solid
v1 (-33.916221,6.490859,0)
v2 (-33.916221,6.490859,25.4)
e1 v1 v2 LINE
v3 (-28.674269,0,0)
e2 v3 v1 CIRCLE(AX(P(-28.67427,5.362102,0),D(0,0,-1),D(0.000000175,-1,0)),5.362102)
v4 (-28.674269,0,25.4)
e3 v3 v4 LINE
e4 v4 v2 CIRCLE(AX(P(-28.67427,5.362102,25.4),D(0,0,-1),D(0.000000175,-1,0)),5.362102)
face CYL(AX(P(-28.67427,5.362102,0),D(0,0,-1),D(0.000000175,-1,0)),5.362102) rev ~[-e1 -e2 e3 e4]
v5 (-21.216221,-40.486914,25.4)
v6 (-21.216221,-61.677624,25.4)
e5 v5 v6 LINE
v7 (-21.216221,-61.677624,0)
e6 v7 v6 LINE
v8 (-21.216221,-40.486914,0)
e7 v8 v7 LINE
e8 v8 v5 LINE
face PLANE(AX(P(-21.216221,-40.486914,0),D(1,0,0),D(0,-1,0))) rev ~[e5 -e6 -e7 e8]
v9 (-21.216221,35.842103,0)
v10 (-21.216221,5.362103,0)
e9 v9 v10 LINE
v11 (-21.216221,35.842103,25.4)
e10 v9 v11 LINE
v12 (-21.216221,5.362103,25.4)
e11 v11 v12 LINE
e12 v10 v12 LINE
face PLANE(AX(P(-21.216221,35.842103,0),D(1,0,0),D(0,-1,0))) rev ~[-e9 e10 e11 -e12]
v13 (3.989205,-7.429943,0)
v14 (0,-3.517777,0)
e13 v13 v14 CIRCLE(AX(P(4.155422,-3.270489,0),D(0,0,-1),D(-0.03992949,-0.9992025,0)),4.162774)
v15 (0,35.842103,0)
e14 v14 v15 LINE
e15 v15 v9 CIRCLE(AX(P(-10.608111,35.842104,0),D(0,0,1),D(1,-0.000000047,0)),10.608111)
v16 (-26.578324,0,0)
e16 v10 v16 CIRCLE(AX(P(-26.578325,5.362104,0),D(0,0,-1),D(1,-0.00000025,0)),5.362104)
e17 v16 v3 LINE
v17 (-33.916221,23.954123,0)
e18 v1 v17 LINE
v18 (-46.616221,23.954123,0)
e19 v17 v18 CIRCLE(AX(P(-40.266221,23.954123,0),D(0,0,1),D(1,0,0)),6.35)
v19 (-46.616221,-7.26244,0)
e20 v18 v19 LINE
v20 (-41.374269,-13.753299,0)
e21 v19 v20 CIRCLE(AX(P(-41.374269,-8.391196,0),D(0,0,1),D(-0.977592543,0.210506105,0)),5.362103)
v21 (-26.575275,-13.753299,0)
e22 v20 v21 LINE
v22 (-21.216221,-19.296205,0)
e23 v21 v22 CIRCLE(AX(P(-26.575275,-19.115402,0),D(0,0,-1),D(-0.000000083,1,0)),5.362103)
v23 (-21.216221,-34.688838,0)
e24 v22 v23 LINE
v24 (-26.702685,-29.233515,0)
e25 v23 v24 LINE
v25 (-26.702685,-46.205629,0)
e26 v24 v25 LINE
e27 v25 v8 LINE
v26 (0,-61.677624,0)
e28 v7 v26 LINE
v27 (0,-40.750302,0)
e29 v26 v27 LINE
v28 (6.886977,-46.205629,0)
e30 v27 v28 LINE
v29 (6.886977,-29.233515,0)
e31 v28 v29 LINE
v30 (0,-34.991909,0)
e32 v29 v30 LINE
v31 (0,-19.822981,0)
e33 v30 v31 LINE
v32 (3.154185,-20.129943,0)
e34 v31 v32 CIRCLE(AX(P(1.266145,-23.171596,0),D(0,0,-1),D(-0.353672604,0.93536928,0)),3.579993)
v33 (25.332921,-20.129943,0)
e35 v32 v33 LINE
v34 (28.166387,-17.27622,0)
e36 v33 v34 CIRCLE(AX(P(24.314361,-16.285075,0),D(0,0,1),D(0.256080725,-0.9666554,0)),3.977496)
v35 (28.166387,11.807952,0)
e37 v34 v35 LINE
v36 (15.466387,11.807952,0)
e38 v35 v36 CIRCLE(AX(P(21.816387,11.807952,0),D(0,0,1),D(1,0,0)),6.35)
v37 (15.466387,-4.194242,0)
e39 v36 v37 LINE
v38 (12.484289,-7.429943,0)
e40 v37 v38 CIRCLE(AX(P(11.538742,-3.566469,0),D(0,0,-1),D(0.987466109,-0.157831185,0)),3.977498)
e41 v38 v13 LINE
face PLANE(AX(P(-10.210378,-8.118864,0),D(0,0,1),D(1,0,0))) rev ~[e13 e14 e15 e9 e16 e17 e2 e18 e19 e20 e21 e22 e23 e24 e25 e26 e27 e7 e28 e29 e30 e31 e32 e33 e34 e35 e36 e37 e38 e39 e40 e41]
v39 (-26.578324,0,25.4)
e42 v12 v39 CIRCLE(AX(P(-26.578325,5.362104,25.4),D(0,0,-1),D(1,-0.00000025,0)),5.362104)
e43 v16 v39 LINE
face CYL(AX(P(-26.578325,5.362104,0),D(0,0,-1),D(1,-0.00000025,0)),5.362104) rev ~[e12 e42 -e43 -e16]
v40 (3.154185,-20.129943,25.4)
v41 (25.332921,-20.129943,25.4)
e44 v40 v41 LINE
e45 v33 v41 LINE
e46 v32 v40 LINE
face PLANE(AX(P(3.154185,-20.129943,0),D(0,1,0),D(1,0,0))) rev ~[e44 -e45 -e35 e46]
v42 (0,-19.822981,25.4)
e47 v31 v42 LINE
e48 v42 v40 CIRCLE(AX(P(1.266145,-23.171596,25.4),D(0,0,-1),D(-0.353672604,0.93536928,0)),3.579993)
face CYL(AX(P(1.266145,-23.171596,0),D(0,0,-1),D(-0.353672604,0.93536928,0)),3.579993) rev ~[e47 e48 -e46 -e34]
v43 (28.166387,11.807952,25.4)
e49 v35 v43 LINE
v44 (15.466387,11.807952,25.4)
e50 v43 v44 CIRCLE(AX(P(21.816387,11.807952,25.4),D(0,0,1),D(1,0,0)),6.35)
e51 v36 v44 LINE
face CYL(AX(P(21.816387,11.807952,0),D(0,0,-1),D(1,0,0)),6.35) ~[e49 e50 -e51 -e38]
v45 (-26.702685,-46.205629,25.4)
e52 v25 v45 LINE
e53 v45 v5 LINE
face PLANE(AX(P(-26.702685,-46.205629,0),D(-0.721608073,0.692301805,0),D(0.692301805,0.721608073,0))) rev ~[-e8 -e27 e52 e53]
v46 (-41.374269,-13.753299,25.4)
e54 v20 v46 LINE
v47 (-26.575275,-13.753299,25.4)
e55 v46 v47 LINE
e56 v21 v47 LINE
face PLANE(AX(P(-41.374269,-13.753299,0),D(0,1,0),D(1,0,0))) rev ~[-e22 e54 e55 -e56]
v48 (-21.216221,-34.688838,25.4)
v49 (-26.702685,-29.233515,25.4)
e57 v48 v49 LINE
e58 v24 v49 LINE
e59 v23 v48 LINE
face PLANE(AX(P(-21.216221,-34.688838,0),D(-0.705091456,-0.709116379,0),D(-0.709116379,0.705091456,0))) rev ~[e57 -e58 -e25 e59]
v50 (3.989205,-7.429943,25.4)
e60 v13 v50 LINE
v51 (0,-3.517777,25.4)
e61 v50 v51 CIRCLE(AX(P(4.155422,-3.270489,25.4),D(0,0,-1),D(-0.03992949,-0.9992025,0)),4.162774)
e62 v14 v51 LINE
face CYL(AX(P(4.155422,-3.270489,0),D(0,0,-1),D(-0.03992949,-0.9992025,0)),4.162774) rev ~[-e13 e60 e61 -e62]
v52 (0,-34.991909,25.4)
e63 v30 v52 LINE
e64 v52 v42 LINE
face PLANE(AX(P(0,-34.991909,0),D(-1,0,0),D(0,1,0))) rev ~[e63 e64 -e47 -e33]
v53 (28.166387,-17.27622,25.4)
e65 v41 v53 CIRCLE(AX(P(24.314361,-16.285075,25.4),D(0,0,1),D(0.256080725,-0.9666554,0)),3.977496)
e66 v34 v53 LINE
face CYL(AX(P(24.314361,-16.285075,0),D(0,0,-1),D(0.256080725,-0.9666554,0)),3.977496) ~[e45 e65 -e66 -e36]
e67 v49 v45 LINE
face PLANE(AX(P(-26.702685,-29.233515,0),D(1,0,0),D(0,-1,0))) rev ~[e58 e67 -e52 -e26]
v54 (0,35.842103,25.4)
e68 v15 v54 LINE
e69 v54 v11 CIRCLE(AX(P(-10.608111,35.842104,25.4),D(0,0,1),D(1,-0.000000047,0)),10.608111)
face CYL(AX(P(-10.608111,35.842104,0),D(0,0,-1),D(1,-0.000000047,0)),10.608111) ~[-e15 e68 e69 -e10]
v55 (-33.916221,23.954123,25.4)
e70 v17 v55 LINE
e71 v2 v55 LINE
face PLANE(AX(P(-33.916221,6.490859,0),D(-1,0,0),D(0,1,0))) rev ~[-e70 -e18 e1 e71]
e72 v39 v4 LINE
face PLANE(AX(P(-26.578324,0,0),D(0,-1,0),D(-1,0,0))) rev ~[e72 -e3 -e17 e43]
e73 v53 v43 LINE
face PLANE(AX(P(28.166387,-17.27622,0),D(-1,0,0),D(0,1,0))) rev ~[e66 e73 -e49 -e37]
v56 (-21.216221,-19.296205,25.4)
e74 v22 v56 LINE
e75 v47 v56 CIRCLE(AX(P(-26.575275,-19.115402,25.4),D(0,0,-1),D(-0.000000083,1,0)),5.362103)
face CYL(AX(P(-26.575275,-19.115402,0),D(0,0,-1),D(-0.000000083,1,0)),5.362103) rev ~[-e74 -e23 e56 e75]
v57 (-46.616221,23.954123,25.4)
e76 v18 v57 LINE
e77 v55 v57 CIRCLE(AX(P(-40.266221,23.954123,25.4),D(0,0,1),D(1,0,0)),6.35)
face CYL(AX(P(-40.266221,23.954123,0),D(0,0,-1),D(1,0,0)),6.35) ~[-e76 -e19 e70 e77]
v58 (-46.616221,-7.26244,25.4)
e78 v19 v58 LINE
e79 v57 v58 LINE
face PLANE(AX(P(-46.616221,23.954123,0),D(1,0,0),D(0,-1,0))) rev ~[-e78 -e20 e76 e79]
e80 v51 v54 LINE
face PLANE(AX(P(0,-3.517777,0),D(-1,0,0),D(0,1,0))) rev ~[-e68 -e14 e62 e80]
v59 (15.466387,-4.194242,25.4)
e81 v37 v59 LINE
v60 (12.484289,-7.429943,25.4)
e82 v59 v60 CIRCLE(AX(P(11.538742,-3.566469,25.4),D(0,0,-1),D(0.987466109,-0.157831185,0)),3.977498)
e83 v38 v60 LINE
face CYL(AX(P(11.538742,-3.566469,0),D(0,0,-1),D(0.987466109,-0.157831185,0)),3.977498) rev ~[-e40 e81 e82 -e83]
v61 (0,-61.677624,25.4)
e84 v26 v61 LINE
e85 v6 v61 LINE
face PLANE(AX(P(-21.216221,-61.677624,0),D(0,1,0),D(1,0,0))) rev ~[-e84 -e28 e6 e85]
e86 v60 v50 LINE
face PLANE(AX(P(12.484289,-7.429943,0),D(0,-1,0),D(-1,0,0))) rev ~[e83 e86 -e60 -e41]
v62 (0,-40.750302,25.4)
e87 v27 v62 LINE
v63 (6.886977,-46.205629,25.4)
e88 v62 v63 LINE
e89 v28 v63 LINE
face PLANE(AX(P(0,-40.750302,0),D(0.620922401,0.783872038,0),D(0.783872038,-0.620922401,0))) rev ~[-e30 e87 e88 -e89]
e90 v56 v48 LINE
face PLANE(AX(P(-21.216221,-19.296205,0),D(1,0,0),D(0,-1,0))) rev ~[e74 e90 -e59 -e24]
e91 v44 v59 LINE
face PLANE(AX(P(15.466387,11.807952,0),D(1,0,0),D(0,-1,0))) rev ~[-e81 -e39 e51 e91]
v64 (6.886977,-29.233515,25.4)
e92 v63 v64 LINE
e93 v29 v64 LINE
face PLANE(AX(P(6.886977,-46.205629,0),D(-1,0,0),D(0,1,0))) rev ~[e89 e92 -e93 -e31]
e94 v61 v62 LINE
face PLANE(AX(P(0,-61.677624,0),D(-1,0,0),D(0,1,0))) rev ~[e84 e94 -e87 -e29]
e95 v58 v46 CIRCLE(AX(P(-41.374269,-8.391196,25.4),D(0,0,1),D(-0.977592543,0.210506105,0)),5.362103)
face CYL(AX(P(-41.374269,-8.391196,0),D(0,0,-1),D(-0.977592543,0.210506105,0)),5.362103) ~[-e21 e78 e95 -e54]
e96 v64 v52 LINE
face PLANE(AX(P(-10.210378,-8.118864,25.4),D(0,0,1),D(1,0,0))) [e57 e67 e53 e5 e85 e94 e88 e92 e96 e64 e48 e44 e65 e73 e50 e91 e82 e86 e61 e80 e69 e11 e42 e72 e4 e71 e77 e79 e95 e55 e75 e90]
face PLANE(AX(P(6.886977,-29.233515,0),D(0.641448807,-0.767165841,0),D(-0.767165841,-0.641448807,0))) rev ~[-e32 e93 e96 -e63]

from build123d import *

# Parameters (mm, degrees)
F1_DEPTH = 25.4


with BuildPart() as f1:
    # F0 (on Top) → F1 (new body)
    with BuildSketch(Plane.XY):
        with BuildLine():
            ThreePointArc((0, 35.842103), (-10.608111, 46.450214), (-21.216221, 35.842103))
            Line((-21.216221, 35.842103), (-21.216221, 5.362103))
            ThreePointArc((-21.216221, 5.362103), (-22.786745, 1.570524), (-26.578324, 0))
            Line((-26.578324, 0), (-28.674269, 0))
            ThreePointArc((-28.674269, 0), (-32.845879, 1.993153), (-33.916221, 6.490859))
            Line((-33.916221, 6.490859), (-33.916221, 23.954123))
            ThreePointArc((-33.916221, 23.954123), (-40.266221, 30.304123), (-46.616221, 23.954123))
            Line((-46.616221, 23.954123), (-46.616221, -7.26244))
            ThreePointArc((-46.616221, -7.26244), (-45.545879, -11.760145), (-41.374269, -13.753299))
            Line((-41.374269, -13.753299), (-26.575275, -13.753299))
            ThreePointArc((-26.575275, -13.753299), (-22.720302, -15.388294), (-21.216221, -19.296205))
            Line((-21.216221, -19.296205), (-21.216221, -34.688838))
            Line((-21.216221, -34.688838), (-26.702685, -29.233515))
            Line((-26.702685, -29.233515), (-26.702685, -46.205629))
            Line((-26.702685, -46.205629), (-21.216221, -40.486914))
            Line((-21.216221, -40.486914), (-21.216221, -61.677624))
            Line((-21.216221, -61.677624), (0, -61.677624))
            Line((0, -61.677624), (0, -40.750302))
            Line((0, -40.750302), (6.886977, -46.205629))
            Line((6.886977, -46.205629), (6.886977, -29.233515))
            Line((6.886977, -29.233515), (0, -34.991909))
            Line((0, -34.991909), (0, -19.822981))
            ThreePointArc((0, -19.822981), (1.612908, -19.608437), (3.154185, -20.129943))
            Line((3.154185, -20.129943), (23.295796, -20.129943))
            Line((23.295796, -20.129943), (25.332921, -20.129943))
            ThreePointArc((25.332921, -20.129943), (27.136875, -19.087554), (28.166387, -17.27622))
            Line((28.166387, -17.27622), (28.166387, 11.807952))
            ThreePointArc((28.166387, 11.807952), (21.816387, 18.157952), (15.466387, 11.807952))
            Line((15.466387, 11.807952), (15.466387, -4.194242))
            ThreePointArc((15.466387, -4.194242), (14.46354, -6.26203), (12.484289, -7.429943))
            Line((12.484289, -7.429943), (3.989205, -7.429943))
            ThreePointArc((3.989205, -7.429943), (1.240735, -6.242573), (0, -3.517777))
            Line((0, -3.517777), (0, 35.842103))
        make_face()
    extrude(amount=F1_DEPTH)


solid = f1.part
